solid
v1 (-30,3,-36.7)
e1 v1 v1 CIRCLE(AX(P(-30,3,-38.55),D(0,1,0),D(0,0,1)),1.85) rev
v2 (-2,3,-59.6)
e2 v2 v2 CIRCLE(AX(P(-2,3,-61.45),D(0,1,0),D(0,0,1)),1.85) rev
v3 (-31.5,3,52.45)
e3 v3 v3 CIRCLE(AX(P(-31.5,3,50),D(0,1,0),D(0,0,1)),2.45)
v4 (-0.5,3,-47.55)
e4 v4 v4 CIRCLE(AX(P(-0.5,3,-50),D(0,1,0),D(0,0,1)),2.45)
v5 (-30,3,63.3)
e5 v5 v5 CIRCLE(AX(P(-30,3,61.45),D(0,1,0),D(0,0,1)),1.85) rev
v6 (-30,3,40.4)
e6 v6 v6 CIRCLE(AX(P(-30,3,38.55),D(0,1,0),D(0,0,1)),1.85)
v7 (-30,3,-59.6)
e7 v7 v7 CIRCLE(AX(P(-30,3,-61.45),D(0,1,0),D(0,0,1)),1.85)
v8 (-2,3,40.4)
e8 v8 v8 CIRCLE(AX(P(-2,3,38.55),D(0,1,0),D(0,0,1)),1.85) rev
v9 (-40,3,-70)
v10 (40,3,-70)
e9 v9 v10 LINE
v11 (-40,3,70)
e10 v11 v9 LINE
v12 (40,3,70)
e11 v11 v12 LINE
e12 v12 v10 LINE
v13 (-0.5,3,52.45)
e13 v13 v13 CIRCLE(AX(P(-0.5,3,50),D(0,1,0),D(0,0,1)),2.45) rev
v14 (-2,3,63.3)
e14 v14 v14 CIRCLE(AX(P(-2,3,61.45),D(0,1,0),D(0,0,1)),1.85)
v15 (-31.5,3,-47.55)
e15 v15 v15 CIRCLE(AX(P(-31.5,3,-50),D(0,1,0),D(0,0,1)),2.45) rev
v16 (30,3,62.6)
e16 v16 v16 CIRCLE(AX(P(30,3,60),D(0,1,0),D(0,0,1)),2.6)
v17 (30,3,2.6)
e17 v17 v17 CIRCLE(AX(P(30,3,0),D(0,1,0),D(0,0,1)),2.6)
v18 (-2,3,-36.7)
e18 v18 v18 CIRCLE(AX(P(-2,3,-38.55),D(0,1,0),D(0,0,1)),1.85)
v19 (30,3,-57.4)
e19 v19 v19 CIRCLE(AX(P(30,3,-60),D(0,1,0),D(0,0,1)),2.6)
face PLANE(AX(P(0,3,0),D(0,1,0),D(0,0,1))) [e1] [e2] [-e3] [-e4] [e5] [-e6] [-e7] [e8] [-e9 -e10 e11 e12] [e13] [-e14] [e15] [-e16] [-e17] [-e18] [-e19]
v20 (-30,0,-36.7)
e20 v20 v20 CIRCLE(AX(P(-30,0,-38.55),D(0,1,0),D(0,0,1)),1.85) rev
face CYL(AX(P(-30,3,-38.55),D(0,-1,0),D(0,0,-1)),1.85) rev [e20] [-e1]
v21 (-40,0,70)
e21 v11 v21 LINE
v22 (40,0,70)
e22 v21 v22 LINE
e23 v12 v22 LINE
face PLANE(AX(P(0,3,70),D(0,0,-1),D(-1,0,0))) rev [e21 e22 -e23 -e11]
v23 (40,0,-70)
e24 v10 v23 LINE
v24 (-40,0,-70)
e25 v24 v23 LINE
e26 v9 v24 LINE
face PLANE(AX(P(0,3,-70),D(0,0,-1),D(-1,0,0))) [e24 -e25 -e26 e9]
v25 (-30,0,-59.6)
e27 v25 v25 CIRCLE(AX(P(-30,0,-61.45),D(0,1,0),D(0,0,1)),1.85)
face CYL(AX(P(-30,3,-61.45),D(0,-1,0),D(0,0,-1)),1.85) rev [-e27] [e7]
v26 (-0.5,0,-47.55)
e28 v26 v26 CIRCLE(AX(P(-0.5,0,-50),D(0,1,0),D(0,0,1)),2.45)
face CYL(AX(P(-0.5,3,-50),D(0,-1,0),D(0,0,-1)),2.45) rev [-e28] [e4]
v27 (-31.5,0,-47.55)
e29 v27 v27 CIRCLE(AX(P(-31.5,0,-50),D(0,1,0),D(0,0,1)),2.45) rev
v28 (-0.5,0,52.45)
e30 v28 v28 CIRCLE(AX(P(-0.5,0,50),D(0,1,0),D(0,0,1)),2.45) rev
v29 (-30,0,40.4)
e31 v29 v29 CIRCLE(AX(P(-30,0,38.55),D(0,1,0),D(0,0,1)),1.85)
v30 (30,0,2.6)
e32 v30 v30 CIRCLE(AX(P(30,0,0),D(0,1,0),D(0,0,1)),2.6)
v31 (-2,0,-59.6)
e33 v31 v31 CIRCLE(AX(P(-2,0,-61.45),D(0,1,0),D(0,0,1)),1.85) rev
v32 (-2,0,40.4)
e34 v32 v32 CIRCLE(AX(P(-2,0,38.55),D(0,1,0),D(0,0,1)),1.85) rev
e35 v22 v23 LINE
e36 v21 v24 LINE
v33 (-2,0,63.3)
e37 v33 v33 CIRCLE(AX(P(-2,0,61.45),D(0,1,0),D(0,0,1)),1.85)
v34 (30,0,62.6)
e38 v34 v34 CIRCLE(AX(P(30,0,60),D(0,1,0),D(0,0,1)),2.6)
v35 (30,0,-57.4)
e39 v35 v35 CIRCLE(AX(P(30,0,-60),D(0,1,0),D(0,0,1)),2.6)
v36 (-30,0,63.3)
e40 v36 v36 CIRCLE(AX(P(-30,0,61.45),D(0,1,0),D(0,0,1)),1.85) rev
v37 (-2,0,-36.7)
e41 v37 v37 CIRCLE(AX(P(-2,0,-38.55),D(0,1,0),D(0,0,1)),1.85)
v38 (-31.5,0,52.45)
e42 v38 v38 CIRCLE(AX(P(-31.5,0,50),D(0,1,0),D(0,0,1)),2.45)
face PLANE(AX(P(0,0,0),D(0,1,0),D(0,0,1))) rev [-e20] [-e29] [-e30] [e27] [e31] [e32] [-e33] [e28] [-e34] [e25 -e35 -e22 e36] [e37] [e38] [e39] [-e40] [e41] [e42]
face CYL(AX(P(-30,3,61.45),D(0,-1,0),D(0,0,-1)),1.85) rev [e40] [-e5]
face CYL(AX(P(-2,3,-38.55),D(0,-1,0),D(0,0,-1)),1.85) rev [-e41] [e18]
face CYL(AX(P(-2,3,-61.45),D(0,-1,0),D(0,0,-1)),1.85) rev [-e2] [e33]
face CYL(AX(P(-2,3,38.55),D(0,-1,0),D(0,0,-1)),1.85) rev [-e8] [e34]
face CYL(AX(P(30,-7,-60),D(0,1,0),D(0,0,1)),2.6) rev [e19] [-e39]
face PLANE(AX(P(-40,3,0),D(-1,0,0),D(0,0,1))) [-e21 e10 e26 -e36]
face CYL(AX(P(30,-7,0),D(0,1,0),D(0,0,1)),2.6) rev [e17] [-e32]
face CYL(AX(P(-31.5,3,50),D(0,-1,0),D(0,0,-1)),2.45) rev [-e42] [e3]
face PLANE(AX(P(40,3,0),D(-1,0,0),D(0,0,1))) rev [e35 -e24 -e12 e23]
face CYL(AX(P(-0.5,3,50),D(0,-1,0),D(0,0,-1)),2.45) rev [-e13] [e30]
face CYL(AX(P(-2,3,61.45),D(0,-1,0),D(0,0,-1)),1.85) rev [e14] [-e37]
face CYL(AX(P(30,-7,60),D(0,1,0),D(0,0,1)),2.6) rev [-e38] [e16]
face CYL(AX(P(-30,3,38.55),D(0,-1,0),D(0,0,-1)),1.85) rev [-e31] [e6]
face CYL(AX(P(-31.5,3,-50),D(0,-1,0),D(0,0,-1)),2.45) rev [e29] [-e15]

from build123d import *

# Parameters (mm, degrees)
SKETCH_1_R          = 2.5
SKETCH_1_R_2        = 2.45
SKETCH_1_R_3        = 1.85
SKETCH_1_W          = 48
SKETCH_1_H          = 40
EXTRUDE_1_DEPTH     = 3
SKETCH_2_R          = 2.6
CUT_EXTRUDE_1_DEPTH = 10


with BuildPart() as part:
    # 草图1 → 凸台-拉伸1 (new body)
    # profile 1 of 5: a face of its own
    with BuildSketch(Plane(origin=(0, 0, 0), x_dir=(1, 0, 0), z_dir=(0, 1, 0))):
        with BuildLine():
            Line((8, -30), (8, -70))
            Line((8, -70), (40, -70))
            Line((40, -70), (40, 60))
            Line((40, 60), (32.5, 60))
            ThreePointArc((32.5, 60), (28.232233047, 58.232233047), (30, 62.5))
            Line((30, 62.5), (30, 70))
            Line((30, 70), (8, 70))
            Line((8, 70), (8, 30))
            Line((8, 30), (-40, 30))
            Line((-40, 30), (-40, -30))
            Line((-40, -30), (8, -30))
        make_face()
        with Locations(Location((30, -60, 0), (0, 0, 270))):
            Circle(SKETCH_1_R, mode=Mode.SUBTRACT)
        with Locations(Location((30, 0, 0), (0, 0, 270))):
            Circle(SKETCH_1_R, mode=Mode.SUBTRACT)
    # profile 2 of 5: a face of its own
    with BuildSketch(Plane(origin=(0, 0, 0), x_dir=(1, 0, 0), z_dir=(0, 1, 0))):
        with BuildLine():
            Line((32.5, 60), (40, 60))
            Line((40, 60), (40, 70))
            Line((40, 70), (30, 70))
            Line((30, 70), (30, 62.5))
            ThreePointArc((30, 62.5), (31.767766953, 61.767766953), (32.5, 60))
        make_face()
    # profile 3 of 5: a face of its own
    with BuildSketch(Plane(origin=(0, 0, 0), x_dir=(1, 0, 0), z_dir=(0, 1, 0))):
        with BuildLine():
            Line((-40, 61.45), (-40, 30))
            Line((-40, 30), (8, 30))
            Line((8, 30), (8, 70))
            Line((8, 70), (-30, 70))
            Line((-30, 70), (-30, 63.3))
            ThreePointArc((-30, 63.3), (-28.691852455, 62.758147545), (-28.15, 61.45))
            ThreePointArc((-28.15, 61.45), (-30, 59.6), (-31.85, 61.45))
            Line((-31.85, 61.45), (-40, 61.45))
        make_face()
        with Locations(Location((-31.5, 50, 0), (0, 0, 270))):
            Circle(SKETCH_1_R_2, mode=Mode.SUBTRACT)
        with Locations(Location((-30, 38.55, 0), (0, 0, 270))):
            Circle(SKETCH_1_R_3, mode=Mode.SUBTRACT)
        with Locations(Location((-2, 38.55, 0), (0, 0, 270))):
            Circle(SKETCH_1_R_3, mode=Mode.SUBTRACT)
        with Locations(Location((-0.5, 50, 0), (0, 0, 270))):
            Circle(SKETCH_1_R_2, mode=Mode.SUBTRACT)
        with Locations(Location((-2, 61.45, 0), (0, 0, 270))):
            Circle(SKETCH_1_R_3, mode=Mode.SUBTRACT)
    # profile 4 of 5: a face of its own
    with BuildSketch(Plane(origin=(0, 0, 0), x_dir=(1, 0, 0), z_dir=(0, 1, 0))):
        with BuildLine():
            Line((-40, 70), (-40, 61.45))
            Line((-40, 61.45), (-31.85, 61.45))
            ThreePointArc((-31.85, 61.45), (-31.308147545, 62.758147545), (-30, 63.3))
            Line((-30, 63.3), (-30, 70))
            Line((-30, 70), (-40, 70))
        make_face()
    # profile 5 of 5: a face of its own
    with BuildSketch(Plane(origin=(0, 0, 0), x_dir=(1, 0, 0), z_dir=(0, 1, 0))):
        with Locations((-16, -50)):
            Rectangle(SKETCH_1_W, SKETCH_1_H)
        with Locations(Location((-30, -61.45, 0), (0, 0, 270))):
            Circle(SKETCH_1_R_3, mode=Mode.SUBTRACT)
        with Locations(Location((-31.5, -50, 0), (0, 0, 270))):
            Circle(SKETCH_1_R_2, mode=Mode.SUBTRACT)
        with Locations(Location((-30, -38.55, 0), (0, 0, 270))):
            Circle(SKETCH_1_R_3, mode=Mode.SUBTRACT)
        with Locations(Location((-2, -61.45, 0), (0, 0, 270))):
            Circle(SKETCH_1_R_3, mode=Mode.SUBTRACT)
        with Locations(Location((-0.5, -50, 0), (0, 0, 270))):
            Circle(SKETCH_1_R_2, mode=Mode.SUBTRACT)
        with Locations(Location((-2, -38.55, 0), (0, 0, 270))):
            Circle(SKETCH_1_R_3, mode=Mode.SUBTRACT)
    extrude(amount=EXTRUDE_1_DEPTH)

    # 草图2 → 切除-拉伸1 (cut)
    with BuildSketch(Plane(origin=(0, 3, 0), x_dir=(1, 0, 0), z_dir=(0, 1, 0))):
        with Locations(Location((30, 60, 0), (0, 0, 270))):
            Circle(SKETCH_2_R)
        with Locations(Location((30, 0, 0), (0, 0, 270))):
            Circle(SKETCH_2_R)
        with Locations(Location((30, -60, 0), (0, 0, 270))):
            Circle(SKETCH_2_R)
    extrude(amount=-CUT_EXTRUDE_1_DEPTH, mode=Mode.SUBTRACT)


solid = part.part
